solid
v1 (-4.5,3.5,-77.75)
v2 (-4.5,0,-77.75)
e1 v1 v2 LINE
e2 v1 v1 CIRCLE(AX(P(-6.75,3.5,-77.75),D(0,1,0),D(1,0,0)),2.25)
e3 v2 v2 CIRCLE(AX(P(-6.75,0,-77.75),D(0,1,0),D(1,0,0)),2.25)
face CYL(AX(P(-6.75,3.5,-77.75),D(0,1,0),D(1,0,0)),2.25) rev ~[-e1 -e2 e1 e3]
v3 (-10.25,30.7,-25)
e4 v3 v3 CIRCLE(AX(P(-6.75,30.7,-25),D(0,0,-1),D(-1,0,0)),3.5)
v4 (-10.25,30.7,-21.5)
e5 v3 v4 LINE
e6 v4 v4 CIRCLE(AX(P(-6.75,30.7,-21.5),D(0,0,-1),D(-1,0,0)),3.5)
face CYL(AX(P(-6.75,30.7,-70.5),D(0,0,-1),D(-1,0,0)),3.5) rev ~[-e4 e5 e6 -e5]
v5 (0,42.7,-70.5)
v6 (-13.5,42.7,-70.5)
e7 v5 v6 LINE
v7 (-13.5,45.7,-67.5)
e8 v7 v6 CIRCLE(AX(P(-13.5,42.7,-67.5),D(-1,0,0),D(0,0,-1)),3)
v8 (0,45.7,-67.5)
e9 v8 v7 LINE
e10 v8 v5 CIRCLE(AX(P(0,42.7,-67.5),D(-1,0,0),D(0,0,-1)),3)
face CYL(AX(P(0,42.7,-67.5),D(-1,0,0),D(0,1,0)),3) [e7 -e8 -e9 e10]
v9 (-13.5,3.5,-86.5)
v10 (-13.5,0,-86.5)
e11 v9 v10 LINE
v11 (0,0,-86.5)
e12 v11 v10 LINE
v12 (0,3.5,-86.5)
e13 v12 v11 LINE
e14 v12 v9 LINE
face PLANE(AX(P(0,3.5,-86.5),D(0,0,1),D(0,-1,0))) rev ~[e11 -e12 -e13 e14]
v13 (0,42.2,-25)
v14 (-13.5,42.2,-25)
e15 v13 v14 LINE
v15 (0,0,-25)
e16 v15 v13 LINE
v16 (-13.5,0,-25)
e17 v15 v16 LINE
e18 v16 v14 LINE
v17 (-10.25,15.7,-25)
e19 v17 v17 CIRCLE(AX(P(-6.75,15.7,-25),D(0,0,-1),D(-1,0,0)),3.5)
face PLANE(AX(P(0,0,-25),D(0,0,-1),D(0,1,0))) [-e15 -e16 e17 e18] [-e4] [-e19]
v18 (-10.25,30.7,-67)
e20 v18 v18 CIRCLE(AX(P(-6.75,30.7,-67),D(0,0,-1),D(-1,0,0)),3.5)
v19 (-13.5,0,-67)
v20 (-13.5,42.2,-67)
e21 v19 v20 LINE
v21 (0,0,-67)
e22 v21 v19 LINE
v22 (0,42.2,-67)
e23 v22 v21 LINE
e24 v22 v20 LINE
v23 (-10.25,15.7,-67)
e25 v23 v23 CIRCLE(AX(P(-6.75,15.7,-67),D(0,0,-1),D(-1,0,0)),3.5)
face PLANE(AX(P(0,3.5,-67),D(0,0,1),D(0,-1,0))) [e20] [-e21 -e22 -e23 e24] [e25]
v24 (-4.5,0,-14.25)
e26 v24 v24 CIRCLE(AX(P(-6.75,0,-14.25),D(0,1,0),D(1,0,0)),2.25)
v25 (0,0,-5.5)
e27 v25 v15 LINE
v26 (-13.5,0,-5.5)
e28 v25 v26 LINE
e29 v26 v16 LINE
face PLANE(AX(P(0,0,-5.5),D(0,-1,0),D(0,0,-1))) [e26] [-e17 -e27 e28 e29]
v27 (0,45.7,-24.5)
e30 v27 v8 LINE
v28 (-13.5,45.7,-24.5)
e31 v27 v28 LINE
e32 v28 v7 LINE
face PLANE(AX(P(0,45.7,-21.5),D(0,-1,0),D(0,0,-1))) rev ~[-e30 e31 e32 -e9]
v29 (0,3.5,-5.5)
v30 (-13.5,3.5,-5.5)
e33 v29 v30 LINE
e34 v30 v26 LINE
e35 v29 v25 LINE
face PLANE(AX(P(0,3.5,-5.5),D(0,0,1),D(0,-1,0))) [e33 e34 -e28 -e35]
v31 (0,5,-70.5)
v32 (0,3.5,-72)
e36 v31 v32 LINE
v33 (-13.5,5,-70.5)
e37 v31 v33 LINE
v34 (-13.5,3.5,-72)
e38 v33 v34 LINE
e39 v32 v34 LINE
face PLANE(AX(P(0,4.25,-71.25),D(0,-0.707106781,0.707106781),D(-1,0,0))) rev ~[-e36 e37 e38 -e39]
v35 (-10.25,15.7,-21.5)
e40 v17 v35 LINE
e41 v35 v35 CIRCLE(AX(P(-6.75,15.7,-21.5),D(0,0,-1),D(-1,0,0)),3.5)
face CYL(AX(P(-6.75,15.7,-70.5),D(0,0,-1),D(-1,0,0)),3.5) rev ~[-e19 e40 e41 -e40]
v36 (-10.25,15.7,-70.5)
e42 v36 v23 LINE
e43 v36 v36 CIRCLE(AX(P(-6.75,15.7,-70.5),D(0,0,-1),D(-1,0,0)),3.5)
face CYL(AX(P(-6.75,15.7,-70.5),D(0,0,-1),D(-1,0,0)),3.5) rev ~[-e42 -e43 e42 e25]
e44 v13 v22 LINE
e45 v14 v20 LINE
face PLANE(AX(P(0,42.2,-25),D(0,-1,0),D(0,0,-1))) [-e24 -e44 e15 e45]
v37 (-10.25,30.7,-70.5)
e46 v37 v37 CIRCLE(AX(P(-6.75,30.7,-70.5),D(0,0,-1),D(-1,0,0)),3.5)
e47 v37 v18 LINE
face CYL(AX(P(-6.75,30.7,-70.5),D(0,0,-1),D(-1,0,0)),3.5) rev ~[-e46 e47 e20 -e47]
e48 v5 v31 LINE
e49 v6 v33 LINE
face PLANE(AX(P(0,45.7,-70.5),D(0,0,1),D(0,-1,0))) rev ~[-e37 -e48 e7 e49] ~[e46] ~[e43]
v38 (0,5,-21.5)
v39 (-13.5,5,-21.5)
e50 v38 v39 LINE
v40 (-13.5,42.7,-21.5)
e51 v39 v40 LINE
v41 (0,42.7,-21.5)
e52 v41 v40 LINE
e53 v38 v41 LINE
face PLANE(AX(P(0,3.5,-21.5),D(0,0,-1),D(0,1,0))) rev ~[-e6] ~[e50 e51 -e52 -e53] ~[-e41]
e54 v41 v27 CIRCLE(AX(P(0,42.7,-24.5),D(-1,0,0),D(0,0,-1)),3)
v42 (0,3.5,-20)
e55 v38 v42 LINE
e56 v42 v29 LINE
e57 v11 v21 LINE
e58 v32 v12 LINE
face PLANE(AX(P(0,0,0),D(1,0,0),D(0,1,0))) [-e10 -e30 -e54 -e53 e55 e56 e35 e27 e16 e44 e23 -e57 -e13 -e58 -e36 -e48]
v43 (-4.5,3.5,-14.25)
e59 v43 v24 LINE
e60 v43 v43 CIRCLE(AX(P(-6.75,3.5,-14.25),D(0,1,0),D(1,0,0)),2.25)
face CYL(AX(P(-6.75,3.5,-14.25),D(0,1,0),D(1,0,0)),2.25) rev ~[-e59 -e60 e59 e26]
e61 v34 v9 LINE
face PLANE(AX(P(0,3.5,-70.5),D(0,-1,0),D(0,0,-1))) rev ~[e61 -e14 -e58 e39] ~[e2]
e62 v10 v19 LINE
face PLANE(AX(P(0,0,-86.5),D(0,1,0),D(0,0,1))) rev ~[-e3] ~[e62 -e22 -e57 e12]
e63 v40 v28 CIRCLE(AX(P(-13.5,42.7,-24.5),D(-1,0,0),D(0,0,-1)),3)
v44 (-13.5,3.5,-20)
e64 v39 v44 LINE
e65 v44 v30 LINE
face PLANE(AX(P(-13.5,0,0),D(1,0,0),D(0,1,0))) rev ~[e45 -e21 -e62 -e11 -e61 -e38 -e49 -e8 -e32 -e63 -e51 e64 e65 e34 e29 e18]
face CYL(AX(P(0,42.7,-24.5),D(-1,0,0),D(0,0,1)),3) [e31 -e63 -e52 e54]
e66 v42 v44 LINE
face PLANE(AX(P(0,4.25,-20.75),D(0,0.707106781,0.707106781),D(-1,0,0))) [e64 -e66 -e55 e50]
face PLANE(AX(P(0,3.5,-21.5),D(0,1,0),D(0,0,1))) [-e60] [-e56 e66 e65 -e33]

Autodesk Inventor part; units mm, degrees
ref_plane "YZ Plane" through (0, 0, 0) normal (1, 0, 0) x (0, 1, 0)
ref_plane "XZ Plane" through (0, 0, 0) normal (0, 1, 0) x (-1, 0, 0)
ref_plane "XY Plane" through (0, 0, 0) normal (0, 0, 1) x (1, 0, 0)
sketch "Sketch1" plane through (0, 0, 0) normal (1, 0, 0) x (0, 1, 0)
  line L0 (0, -25) -> (42.2, -25)
  line L1 (3.5, -21.5) -> (45.7, -21.5)
  line L2 (42.2, -25) -> (42.2, -67)
  line L3 (45.7, -21.5) -> (45.7, -70.5)
  line L4 (42.2, -67) -> (3.5, -67)
  line L5 (45.7, -70.5) -> (3.5, -70.5)
  line L6 (3.5, -67) -> (0, -67)
  line L7 (3.5, -21.5) -> (3.5, -5.5)
  line L8 (3.5, -5.5) -> (0, -5.5)
  line L9 (0, -5.5) -> (0, -25)
  line L10 (3.5, -70.5) -> (3.5, -86.5)
  line L11 (3.5, -86.5) -> (0, -86.5)
  line L12 (0, -86.5) -> (0, -67)
  point P0 (0, 0)
  dimension "d3" = 42.2
  dimension "d4" = 42
  dimension "d5" = 3.5
  dimension "d7" = 3.5
  dimension "d19" = 16
  dimension "d20" = 16
extrude "Extrusion1" add sketch "Sketch1" against normal blind 13.5
sketch "Sketch3" plane through (0, 3.5, -5.5) normal (0, 1, 0) x (1, 0, 0)
  circle A0 centre (-6.75, 8.75) radius 2.25
  circle A1 centre (-6.75, 72.25) radius 2.25
  line L0 (0, 16) -> (0, 0) projected
  line L1 (0, 81) -> (0, 65) projected
  line L2 (0, 0) -> (-13.5, 0) projected
  line L3 (0, 81) -> (-13.5, 81) projected
  point P0 (0, -5.5)
  dimension "d21" = 4.5
  dimension "d22" = 4.5
  dimension "d23" = 6.75
  dimension "d24" = 6.75
  dimension "d25" = 8.75
  dimension "d26" = 8.75
extrude "Extrusion3" cut sketch "Sketch3" against normal through all
fillet "Fillet1" radius 3 2 edges at (-6.75, 45.7, -21.5) (-6.75, 45.7, -70.5)
chamfer "Chamfer1" distance 1.5 angle 45 2 edges at (-6.75, 3.5, -21.5) (-6.75, 3.5, -70.5)
sketch "Sketch5" plane through (0, 42.7, -70.5) normal (0, 0, -1) x (-1, 0, 0)
  circle A0 centre (6.75, -12) radius 3.5
  line L0 (13.5, 3) -> (0, 3) projected
  line L1 (13.5, 0) -> (13.5, -37.7) projected
  point P0 (0, -42.7)
  dimension "d44" = 7
  dimension "d45" = 15
  dimension "d51" = 6.75
extrude "Extrusion5" cut sketch "Sketch5" against normal through all
pattern_linear "Rectangular Pattern2" count 2 spacing 15 along (0, -1, 0) of "Extrusion5"
properties part number "Stepper Motor Mount"
